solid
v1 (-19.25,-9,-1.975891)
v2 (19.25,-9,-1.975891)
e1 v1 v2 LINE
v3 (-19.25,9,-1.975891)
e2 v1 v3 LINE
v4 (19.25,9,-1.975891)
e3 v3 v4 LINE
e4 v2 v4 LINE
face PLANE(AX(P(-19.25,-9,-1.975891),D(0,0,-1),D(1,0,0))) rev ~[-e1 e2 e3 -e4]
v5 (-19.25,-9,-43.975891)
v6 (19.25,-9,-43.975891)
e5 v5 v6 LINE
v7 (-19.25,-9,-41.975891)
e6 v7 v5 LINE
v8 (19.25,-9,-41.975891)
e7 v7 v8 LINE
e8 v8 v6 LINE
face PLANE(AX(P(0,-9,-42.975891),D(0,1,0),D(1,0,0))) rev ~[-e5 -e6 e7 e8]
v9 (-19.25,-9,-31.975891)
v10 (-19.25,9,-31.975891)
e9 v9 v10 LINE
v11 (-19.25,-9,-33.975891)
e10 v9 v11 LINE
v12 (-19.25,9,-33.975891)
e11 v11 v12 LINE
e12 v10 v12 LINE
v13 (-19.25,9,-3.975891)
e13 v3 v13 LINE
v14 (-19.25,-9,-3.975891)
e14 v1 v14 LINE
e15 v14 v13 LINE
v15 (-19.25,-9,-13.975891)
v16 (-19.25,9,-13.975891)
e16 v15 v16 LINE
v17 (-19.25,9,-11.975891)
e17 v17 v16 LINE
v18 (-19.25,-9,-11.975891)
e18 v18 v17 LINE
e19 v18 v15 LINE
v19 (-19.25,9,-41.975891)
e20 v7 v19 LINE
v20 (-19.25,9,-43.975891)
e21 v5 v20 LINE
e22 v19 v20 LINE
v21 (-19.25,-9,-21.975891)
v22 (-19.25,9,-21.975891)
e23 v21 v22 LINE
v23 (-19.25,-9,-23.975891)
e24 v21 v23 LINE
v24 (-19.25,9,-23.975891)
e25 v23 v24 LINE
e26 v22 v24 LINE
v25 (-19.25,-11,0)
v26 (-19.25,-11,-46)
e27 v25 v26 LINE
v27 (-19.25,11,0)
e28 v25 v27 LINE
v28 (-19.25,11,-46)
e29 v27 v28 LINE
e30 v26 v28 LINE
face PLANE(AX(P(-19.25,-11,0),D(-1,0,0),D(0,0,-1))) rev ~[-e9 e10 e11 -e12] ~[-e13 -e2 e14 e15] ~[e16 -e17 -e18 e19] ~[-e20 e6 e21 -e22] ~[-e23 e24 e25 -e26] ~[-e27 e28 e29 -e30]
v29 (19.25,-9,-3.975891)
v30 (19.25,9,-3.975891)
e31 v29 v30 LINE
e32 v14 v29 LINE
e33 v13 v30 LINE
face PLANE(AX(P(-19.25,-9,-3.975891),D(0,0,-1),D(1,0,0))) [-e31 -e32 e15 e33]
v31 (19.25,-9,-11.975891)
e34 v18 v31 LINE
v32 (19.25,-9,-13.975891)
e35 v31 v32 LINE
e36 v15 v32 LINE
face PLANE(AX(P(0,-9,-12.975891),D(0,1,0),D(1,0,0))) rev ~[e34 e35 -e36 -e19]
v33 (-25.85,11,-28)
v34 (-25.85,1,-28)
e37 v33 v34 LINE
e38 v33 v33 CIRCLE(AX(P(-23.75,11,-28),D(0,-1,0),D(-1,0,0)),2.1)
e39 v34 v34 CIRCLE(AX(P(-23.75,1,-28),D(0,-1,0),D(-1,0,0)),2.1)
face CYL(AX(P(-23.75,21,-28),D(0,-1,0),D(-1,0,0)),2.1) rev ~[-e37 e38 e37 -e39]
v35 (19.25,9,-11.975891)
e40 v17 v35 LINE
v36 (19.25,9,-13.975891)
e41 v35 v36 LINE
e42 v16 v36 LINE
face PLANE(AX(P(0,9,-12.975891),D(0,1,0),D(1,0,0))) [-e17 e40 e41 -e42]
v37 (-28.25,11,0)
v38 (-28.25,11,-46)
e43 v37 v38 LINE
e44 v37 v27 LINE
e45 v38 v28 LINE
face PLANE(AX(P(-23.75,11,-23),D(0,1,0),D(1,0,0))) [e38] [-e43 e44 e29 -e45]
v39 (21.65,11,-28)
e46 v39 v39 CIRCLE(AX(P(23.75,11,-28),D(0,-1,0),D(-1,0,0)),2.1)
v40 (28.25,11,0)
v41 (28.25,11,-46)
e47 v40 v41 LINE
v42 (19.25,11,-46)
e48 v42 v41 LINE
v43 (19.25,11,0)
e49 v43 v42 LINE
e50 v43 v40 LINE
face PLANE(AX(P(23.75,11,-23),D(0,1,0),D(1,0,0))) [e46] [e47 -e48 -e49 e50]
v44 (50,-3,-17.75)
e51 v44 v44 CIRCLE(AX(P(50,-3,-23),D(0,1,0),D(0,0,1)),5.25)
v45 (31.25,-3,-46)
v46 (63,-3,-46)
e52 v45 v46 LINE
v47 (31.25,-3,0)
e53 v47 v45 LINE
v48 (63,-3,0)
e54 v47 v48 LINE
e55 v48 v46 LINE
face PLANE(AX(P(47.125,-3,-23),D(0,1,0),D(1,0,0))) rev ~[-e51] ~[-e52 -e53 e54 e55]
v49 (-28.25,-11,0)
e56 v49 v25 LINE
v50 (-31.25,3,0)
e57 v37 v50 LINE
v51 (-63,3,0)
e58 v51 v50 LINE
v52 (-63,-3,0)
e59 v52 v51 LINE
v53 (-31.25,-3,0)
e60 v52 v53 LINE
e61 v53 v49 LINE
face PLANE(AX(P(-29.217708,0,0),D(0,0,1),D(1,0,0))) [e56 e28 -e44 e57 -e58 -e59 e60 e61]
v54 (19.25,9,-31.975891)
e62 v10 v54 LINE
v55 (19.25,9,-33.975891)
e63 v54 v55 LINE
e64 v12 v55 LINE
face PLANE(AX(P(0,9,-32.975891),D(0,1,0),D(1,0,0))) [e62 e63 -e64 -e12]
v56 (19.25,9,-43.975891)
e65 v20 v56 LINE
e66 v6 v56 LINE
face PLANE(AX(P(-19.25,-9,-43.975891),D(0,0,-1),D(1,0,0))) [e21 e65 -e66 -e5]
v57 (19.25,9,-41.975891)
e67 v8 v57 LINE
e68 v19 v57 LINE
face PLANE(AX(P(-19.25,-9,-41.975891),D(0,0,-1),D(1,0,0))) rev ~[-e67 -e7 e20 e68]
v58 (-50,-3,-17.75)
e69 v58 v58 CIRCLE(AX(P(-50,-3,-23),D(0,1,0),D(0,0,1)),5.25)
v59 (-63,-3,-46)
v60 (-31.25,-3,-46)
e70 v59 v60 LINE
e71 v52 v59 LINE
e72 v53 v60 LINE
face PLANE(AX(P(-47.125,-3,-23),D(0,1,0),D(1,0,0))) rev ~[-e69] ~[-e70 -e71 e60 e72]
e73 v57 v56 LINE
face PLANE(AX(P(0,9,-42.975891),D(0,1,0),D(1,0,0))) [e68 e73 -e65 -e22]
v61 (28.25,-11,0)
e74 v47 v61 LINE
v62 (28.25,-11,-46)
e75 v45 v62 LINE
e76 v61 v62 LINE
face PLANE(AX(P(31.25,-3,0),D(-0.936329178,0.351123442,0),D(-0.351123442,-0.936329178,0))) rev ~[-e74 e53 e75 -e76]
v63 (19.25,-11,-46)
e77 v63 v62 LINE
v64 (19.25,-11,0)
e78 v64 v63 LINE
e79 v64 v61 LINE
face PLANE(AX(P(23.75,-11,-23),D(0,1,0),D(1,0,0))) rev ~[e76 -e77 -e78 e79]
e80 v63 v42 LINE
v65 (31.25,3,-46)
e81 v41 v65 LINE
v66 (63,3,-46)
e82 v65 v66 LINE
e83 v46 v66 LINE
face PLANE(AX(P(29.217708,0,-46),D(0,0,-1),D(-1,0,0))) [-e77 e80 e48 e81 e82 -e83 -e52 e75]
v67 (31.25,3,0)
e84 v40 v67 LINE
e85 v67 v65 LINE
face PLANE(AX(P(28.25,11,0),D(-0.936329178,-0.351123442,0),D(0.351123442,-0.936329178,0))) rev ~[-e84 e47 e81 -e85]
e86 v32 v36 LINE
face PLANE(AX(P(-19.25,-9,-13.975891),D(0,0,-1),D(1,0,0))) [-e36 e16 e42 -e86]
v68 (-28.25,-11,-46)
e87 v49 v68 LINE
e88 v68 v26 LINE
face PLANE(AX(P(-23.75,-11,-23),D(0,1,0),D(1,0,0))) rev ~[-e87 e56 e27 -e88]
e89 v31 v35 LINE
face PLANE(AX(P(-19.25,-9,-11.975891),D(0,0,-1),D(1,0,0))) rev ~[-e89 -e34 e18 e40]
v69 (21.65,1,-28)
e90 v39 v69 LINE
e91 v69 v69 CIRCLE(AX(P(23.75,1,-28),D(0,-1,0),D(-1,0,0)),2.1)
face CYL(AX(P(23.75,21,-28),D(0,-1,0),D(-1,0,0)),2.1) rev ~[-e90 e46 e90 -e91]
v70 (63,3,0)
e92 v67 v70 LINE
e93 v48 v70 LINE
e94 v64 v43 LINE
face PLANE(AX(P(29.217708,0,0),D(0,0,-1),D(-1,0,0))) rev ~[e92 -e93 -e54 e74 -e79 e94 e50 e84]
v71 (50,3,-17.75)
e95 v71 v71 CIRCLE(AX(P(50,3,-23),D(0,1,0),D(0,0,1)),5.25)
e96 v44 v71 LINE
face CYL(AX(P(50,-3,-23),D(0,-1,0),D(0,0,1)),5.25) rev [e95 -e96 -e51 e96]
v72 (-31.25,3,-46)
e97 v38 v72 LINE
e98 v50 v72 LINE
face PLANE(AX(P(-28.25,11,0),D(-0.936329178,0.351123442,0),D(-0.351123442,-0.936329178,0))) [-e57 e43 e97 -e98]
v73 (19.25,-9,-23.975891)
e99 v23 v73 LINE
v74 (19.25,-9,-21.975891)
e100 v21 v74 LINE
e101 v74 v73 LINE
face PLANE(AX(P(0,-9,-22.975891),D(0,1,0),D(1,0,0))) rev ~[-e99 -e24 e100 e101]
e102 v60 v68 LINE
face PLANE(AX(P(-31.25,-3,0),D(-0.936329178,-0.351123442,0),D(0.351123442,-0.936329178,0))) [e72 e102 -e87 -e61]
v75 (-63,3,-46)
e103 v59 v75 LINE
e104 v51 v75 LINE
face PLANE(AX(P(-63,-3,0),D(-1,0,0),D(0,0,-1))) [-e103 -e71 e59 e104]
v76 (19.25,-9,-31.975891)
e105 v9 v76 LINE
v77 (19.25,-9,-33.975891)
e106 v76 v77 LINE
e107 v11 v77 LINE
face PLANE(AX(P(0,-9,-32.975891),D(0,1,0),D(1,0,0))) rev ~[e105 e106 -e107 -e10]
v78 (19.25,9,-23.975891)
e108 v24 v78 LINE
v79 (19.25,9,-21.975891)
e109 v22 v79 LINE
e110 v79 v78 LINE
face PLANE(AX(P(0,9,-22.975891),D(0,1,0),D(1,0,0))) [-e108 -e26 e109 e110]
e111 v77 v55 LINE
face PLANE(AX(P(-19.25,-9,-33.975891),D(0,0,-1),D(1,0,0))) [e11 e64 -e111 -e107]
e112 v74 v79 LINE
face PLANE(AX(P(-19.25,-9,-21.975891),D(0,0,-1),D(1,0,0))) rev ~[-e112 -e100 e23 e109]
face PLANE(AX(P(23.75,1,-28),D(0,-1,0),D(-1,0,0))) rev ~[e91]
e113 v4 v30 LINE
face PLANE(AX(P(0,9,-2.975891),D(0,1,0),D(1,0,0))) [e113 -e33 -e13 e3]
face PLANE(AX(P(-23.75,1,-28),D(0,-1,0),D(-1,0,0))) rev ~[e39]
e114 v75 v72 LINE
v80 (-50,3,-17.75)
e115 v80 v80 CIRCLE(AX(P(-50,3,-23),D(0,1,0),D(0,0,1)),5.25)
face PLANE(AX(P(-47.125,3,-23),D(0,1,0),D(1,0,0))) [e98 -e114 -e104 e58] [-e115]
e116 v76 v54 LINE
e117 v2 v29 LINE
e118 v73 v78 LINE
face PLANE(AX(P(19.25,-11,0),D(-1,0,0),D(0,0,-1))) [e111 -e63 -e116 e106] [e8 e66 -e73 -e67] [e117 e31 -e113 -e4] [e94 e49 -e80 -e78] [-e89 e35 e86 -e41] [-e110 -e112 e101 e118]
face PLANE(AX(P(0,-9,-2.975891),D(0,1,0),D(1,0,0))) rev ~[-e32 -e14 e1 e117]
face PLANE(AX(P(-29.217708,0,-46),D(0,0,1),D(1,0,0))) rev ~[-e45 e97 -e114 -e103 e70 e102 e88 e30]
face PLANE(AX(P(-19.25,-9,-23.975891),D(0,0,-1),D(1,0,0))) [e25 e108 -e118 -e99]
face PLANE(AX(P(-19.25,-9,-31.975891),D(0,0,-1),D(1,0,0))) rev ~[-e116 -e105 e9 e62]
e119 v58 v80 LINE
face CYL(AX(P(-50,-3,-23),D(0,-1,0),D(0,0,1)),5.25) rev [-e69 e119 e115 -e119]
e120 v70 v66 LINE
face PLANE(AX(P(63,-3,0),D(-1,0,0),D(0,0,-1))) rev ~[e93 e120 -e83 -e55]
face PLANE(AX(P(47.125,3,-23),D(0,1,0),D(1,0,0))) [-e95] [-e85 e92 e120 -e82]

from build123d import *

# Parameters (mm, degrees)
BOSS_EXTRUDE1_DEPTH        = 3
BOSS_EXTRUDE1_DEPTH_BACK   = 3
SKETCH1_W                  = 31.75
SKETCH1_H                  = 46
SKETCH1_R                  = 5.25
BOSS_EXTRUDE1_2_DEPTH      = 3
BOSS_EXTRUDE1_2_DEPTH_BACK = 3
BOSS_EXTRUDE2_DEPTH        = 11
BOSS_EXTRUDE2_DEPTH_BACK   = 11
SKETCH2_W                  = 9
SKETCH2_H                  = 46
BOSS_EXTRUDE2_2_DEPTH      = 11
BOSS_EXTRUDE2_2_DEPTH_BACK = 11
BOSS_EXTRUDE3_DEPTH        = 46
M5X0_8_TAPPED_HOLE1_D      = 4.2
M5X0_8_TAPPED_HOLE1_DEPTH  = 10
BOSS_EXTRUDE4_DEPTH        = 9
BOSS_EXTRUDE4_DEPTH_BACK   = 9
SKETCH6_W                  = 38.5
SKETCH6_H                  = 2


with BuildPart() as part:
    # Sketch1 → Boss-Extrude1 (new, two sides: drawn at the far end of the back side and taken through both)
    with BuildSketch(Plane(origin=(0, 0, 0), x_dir=(1, 0, 0), z_dir=(0, 1, 0)).offset(-BOSS_EXTRUDE1_DEPTH_BACK)):
        with Locations((-47.125, 23)):
            Rectangle(SKETCH1_W, SKETCH1_H)
        with Locations(Location((-50, 23, 0), (0, 0, 270))):
            Circle(SKETCH1_R, mode=Mode.SUBTRACT)
    extrude(amount=BOSS_EXTRUDE1_DEPTH + BOSS_EXTRUDE1_DEPTH_BACK)



with BuildPart() as body_2:
    # Sketch1 → Boss-Extrude1 2 (new, two sides: drawn at the far end of the back side and taken through both)
    with BuildSketch(Plane(origin=(0, 0, 0), x_dir=(1, 0, 0), z_dir=(0, 1, 0)).offset(-BOSS_EXTRUDE1_2_DEPTH_BACK)):
        with Locations((47.125, 23)):
            Rectangle(SKETCH1_W, SKETCH1_H)
        with Locations(Location((50, 23, 0), (0, 0, 270))):
            Circle(SKETCH1_R, mode=Mode.SUBTRACT)
    extrude(amount=BOSS_EXTRUDE1_2_DEPTH + BOSS_EXTRUDE1_2_DEPTH_BACK)


with BuildPart() as body_3:
    # Sketch2 → Boss-Extrude2 (new, two sides: drawn at the far end of the back side and taken through both)
    with BuildSketch(Plane(origin=(0, 0, 0), x_dir=(1, 0, 0), z_dir=(0, 1, 0)).offset(-BOSS_EXTRUDE2_DEPTH_BACK)):
        with Locations((23.75, 23)):
            Rectangle(SKETCH2_W, SKETCH2_H)
    extrude(amount=BOSS_EXTRUDE2_DEPTH + BOSS_EXTRUDE2_DEPTH_BACK)


with BuildPart() as body_4:
    # Sketch2 → Boss-Extrude2 2 (new, two sides: drawn at the far end of the back side and taken through both)
    with BuildSketch(Plane(origin=(0, 0, 0), x_dir=(1, 0, 0), z_dir=(0, 1, 0)).offset(-BOSS_EXTRUDE2_2_DEPTH_BACK)):
        with Locations((-23.75, 23)):
            Rectangle(SKETCH2_W, SKETCH2_H)
    extrude(amount=BOSS_EXTRUDE2_2_DEPTH + BOSS_EXTRUDE2_2_DEPTH_BACK)


with BuildPart() as part_1:
    add(part.part)

    add(body_2.part)  # Boss-Extrude3 merges body 2

    add(body_3.part)  # Boss-Extrude3 merges body 3

    add(body_4.part)  # Boss-Extrude3 merges body 4
    # Sketch3 → Boss-Extrude3 (add, through all)
    with BuildSketch(Plane.XY):
        Polygon((28.25, 11), (31.25, 3), (31.25, -3), (28.25, -11), align=None)
        Polygon((-31.25, 3), (-31.25, -3), (-28.25, -11), (-28.25, 11), align=None)
    extrude(amount=-BOSS_EXTRUDE3_DEPTH)

    # M5x0.8 Tapped Hole1
    with Locations(Plane(origin=(0, 11, 0), x_dir=(1, 0, 0), z_dir=(0, 1, 0))):
        with Locations((-23.75, 28), (23.75, 28)):
            Hole(M5X0_8_TAPPED_HOLE1_D / 2, depth=M5X0_8_TAPPED_HOLE1_DEPTH)

    # Sketch6 → Boss-Extrude4 (add, two sides: drawn at the far end of the back side and taken through both)
    with BuildSketch(Plane(origin=(0, 0, 0), x_dir=(1, 0, 0), z_dir=(0, 1, 0)).offset(-BOSS_EXTRUDE4_DEPTH_BACK)):
        with Locations((0, 2.975890667)):
            Rectangle(SKETCH6_W, SKETCH6_H)
        with Locations((0, 12.975890667)):
            Rectangle(SKETCH6_W, SKETCH6_H)
        with Locations((0, 22.975890667)):
            Rectangle(SKETCH6_W, SKETCH6_H)
        with Locations((0, 32.975890667)):
            Rectangle(SKETCH6_W, SKETCH6_H)
        with Locations((0, 42.975890667)):
            Rectangle(SKETCH6_W, SKETCH6_H)
    extrude(amount=BOSS_EXTRUDE4_DEPTH + BOSS_EXTRUDE4_DEPTH_BACK)


solid = part_1.part
